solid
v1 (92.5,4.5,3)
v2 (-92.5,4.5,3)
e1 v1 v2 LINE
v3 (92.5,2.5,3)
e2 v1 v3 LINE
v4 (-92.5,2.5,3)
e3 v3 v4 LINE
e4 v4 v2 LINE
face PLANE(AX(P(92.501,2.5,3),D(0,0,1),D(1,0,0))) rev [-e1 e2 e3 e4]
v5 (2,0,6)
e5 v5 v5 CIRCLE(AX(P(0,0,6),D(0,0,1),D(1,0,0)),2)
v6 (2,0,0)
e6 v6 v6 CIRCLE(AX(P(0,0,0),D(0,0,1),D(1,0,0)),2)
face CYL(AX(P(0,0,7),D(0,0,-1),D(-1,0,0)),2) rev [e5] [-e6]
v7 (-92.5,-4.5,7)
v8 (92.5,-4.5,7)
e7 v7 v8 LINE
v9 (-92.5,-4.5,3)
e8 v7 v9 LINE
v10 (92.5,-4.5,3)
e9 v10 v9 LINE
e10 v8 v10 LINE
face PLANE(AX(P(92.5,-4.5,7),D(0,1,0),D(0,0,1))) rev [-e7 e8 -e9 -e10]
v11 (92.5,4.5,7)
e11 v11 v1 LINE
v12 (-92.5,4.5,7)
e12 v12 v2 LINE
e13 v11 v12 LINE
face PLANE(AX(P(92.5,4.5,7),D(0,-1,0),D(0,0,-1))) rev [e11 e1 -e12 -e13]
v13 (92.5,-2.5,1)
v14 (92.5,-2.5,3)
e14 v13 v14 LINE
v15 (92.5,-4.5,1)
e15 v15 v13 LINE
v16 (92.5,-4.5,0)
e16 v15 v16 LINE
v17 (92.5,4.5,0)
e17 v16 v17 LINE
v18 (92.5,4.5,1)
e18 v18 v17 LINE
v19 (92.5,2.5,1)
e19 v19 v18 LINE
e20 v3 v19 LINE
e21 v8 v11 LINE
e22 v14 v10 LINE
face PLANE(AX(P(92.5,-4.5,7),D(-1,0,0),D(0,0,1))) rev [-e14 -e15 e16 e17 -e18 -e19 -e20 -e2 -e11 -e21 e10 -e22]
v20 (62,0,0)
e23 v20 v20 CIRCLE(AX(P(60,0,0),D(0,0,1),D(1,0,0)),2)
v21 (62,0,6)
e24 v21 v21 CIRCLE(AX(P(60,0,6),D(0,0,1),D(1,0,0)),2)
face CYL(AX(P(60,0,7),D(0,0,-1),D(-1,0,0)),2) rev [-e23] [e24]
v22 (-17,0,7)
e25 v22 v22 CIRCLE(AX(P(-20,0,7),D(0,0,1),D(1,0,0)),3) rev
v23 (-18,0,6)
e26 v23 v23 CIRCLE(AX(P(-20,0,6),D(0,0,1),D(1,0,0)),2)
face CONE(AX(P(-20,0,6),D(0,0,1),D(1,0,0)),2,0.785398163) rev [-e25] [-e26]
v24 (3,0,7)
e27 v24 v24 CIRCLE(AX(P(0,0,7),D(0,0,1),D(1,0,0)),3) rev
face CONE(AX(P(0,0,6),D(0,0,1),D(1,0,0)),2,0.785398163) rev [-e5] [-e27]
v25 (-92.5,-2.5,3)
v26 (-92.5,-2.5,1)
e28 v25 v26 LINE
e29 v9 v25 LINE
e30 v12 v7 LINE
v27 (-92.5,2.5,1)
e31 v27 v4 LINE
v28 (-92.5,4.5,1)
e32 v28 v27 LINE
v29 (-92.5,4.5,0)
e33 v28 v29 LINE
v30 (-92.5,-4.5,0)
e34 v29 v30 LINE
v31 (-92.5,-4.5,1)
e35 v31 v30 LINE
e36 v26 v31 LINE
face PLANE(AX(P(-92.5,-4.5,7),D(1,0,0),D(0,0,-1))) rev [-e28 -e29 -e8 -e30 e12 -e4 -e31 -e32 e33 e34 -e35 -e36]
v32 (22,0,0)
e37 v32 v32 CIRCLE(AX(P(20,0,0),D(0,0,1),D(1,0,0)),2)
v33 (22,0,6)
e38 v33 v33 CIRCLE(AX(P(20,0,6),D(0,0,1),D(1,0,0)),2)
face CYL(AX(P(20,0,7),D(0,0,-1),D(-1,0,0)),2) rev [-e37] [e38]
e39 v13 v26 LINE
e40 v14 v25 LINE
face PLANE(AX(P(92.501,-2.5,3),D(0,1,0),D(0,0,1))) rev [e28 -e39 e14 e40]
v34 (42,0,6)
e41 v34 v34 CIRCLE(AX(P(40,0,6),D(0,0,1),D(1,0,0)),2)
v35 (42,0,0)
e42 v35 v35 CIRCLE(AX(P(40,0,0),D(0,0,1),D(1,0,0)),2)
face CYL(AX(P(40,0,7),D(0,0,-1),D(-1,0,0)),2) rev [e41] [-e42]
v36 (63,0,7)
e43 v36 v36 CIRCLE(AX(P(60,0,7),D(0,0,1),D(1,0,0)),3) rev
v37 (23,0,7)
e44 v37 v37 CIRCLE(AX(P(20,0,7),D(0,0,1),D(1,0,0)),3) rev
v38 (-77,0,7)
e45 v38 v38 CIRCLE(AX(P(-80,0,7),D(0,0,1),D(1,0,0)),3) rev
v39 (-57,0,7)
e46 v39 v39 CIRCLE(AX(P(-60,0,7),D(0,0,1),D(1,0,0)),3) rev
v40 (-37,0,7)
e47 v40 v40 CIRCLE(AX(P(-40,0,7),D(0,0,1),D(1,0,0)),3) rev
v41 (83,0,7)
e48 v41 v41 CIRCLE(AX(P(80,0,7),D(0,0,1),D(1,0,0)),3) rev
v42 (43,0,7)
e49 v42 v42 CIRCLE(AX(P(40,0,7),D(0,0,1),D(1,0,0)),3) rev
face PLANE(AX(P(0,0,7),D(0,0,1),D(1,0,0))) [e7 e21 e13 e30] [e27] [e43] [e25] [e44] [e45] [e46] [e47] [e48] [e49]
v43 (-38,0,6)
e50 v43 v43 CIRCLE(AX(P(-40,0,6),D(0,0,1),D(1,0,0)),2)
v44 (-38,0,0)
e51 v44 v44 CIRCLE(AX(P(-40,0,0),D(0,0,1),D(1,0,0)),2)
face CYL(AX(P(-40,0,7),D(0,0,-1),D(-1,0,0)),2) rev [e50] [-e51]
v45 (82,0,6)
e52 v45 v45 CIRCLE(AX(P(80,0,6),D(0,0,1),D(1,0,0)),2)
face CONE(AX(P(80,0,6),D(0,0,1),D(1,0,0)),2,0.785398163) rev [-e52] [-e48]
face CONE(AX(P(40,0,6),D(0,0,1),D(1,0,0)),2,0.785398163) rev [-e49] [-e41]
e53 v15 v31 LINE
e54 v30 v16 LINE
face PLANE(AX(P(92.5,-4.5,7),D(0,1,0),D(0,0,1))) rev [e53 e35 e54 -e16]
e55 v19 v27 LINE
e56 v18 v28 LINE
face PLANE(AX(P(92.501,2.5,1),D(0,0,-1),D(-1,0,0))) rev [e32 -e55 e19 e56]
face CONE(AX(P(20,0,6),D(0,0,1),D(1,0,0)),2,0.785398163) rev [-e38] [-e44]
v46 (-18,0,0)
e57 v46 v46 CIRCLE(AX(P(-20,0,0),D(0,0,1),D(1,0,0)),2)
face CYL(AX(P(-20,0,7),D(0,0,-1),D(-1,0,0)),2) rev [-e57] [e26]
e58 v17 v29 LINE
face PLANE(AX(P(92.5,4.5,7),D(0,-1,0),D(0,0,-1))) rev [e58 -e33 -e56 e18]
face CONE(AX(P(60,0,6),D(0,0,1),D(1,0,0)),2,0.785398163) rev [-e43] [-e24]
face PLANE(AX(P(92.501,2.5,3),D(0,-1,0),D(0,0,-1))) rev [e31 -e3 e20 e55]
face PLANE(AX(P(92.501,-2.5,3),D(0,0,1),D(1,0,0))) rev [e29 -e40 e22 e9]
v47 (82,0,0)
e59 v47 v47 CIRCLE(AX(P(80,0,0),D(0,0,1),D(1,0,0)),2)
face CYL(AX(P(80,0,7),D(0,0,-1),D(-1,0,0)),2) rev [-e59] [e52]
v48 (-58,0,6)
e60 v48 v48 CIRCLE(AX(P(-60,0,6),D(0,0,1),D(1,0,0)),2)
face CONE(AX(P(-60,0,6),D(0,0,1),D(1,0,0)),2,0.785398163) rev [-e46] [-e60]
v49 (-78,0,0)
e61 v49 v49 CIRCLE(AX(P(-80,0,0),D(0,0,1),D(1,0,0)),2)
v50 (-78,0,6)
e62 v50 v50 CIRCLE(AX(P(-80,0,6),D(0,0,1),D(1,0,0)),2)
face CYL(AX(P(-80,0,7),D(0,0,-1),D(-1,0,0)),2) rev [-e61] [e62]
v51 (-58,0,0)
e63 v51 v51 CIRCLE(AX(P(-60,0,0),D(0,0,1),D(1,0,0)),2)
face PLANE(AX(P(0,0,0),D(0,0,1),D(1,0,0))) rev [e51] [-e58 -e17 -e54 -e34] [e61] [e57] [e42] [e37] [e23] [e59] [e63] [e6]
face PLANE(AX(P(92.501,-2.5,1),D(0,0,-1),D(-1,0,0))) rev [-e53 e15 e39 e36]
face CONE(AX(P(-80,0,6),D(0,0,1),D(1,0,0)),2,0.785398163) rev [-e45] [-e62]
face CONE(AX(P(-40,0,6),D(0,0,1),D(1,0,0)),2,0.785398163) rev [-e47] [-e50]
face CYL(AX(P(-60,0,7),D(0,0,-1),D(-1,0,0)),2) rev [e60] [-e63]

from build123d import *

# Parameters (mm, degrees)
ESQUISSE1_W             = 185
ESQUISSE1_H             = 9
ESQUISSE1_R             = 2
BOSS_EXTRU_1_DEPTH      = 7
ENL_V_MAT_EXTRU_1_REACH = 187
ESQUISSE2_W             = 2
ESQUISSE2_H             = 2
CHANFREIN1_SIZE         = 1


with BuildPart() as part:
    # Esquisse1 → Boss.-Extru.1 (new body)
    with BuildSketch(Plane.XY):
        Rectangle(ESQUISSE1_W, ESQUISSE1_H)
        with Locations((-80, 0)):
            Circle(ESQUISSE1_R, mode=Mode.SUBTRACT)
        with Locations((-60, 0)):
            Circle(ESQUISSE1_R, mode=Mode.SUBTRACT)
        with Locations((-40, 0)):
            Circle(ESQUISSE1_R, mode=Mode.SUBTRACT)
        with Locations((-20, 0)):
            Circle(ESQUISSE1_R, mode=Mode.SUBTRACT)
        Circle(ESQUISSE1_R, mode=Mode.SUBTRACT)
        with Locations((20, 0)):
            Circle(ESQUISSE1_R, mode=Mode.SUBTRACT)
        with Locations((40, 0)):
            Circle(ESQUISSE1_R, mode=Mode.SUBTRACT)
        with Locations((60, 0)):
            Circle(ESQUISSE1_R, mode=Mode.SUBTRACT)
        with Locations((80, 0)):
            Circle(ESQUISSE1_R, mode=Mode.SUBTRACT)
    extrude(amount=BOSS_EXTRU_1_DEPTH)

    # Esquisse2 → Enlèv. mat.-Extru.1 (cut, up to next)
    with BuildSketch(Plane.ZY.offset(92.5), mode=Mode.PRIVATE) as enl_v_mat_extru_1_sk1:
        with Locations((2, 3.5)):
            Rectangle(ESQUISSE2_W, ESQUISSE2_H)
    enl_v_mat_extru_1_tool1 = extrude(enl_v_mat_extru_1_sk1.sketch, amount=-ENL_V_MAT_EXTRU_1_REACH, mode=Mode.PRIVATE) & part.part
    add(enl_v_mat_extru_1_tool1.solids().sort_by_distance((-92.5, 3.5, 2))[0], mode=Mode.SUBTRACT)
    # Esquisse2 → Enlèv. mat.-Extru.1 (cut, up to next)
    with BuildSketch(Plane.ZY.offset(92.5), mode=Mode.PRIVATE) as enl_v_mat_extru_1_sk2:
        with Locations((2, -3.5)):
            Rectangle(ESQUISSE2_W, ESQUISSE2_H)
    enl_v_mat_extru_1_tool2 = extrude(enl_v_mat_extru_1_sk2.sketch, amount=-ENL_V_MAT_EXTRU_1_REACH, mode=Mode.PRIVATE) & part.part
    add(enl_v_mat_extru_1_tool2.solids().sort_by_distance((-92.5, -3.5, 2))[0], mode=Mode.SUBTRACT)

    # Chanfrein1
    chanfrein1_edges = [part.edges().sort_by_distance(p)[0] for p in [
        (-82, 0, 7),
        (-62, 0, 7),
        (-42, 0, 7),
        (-22, 0, 7),
        (-2, 0, 7),
        (18, 0, 7),
        (38, 0, 7),
        (58, 0, 7),
        (78, 0, 7),
    ]]
    chamfer(chanfrein1_edges, length=CHANFREIN1_SIZE)


solid = part.part
